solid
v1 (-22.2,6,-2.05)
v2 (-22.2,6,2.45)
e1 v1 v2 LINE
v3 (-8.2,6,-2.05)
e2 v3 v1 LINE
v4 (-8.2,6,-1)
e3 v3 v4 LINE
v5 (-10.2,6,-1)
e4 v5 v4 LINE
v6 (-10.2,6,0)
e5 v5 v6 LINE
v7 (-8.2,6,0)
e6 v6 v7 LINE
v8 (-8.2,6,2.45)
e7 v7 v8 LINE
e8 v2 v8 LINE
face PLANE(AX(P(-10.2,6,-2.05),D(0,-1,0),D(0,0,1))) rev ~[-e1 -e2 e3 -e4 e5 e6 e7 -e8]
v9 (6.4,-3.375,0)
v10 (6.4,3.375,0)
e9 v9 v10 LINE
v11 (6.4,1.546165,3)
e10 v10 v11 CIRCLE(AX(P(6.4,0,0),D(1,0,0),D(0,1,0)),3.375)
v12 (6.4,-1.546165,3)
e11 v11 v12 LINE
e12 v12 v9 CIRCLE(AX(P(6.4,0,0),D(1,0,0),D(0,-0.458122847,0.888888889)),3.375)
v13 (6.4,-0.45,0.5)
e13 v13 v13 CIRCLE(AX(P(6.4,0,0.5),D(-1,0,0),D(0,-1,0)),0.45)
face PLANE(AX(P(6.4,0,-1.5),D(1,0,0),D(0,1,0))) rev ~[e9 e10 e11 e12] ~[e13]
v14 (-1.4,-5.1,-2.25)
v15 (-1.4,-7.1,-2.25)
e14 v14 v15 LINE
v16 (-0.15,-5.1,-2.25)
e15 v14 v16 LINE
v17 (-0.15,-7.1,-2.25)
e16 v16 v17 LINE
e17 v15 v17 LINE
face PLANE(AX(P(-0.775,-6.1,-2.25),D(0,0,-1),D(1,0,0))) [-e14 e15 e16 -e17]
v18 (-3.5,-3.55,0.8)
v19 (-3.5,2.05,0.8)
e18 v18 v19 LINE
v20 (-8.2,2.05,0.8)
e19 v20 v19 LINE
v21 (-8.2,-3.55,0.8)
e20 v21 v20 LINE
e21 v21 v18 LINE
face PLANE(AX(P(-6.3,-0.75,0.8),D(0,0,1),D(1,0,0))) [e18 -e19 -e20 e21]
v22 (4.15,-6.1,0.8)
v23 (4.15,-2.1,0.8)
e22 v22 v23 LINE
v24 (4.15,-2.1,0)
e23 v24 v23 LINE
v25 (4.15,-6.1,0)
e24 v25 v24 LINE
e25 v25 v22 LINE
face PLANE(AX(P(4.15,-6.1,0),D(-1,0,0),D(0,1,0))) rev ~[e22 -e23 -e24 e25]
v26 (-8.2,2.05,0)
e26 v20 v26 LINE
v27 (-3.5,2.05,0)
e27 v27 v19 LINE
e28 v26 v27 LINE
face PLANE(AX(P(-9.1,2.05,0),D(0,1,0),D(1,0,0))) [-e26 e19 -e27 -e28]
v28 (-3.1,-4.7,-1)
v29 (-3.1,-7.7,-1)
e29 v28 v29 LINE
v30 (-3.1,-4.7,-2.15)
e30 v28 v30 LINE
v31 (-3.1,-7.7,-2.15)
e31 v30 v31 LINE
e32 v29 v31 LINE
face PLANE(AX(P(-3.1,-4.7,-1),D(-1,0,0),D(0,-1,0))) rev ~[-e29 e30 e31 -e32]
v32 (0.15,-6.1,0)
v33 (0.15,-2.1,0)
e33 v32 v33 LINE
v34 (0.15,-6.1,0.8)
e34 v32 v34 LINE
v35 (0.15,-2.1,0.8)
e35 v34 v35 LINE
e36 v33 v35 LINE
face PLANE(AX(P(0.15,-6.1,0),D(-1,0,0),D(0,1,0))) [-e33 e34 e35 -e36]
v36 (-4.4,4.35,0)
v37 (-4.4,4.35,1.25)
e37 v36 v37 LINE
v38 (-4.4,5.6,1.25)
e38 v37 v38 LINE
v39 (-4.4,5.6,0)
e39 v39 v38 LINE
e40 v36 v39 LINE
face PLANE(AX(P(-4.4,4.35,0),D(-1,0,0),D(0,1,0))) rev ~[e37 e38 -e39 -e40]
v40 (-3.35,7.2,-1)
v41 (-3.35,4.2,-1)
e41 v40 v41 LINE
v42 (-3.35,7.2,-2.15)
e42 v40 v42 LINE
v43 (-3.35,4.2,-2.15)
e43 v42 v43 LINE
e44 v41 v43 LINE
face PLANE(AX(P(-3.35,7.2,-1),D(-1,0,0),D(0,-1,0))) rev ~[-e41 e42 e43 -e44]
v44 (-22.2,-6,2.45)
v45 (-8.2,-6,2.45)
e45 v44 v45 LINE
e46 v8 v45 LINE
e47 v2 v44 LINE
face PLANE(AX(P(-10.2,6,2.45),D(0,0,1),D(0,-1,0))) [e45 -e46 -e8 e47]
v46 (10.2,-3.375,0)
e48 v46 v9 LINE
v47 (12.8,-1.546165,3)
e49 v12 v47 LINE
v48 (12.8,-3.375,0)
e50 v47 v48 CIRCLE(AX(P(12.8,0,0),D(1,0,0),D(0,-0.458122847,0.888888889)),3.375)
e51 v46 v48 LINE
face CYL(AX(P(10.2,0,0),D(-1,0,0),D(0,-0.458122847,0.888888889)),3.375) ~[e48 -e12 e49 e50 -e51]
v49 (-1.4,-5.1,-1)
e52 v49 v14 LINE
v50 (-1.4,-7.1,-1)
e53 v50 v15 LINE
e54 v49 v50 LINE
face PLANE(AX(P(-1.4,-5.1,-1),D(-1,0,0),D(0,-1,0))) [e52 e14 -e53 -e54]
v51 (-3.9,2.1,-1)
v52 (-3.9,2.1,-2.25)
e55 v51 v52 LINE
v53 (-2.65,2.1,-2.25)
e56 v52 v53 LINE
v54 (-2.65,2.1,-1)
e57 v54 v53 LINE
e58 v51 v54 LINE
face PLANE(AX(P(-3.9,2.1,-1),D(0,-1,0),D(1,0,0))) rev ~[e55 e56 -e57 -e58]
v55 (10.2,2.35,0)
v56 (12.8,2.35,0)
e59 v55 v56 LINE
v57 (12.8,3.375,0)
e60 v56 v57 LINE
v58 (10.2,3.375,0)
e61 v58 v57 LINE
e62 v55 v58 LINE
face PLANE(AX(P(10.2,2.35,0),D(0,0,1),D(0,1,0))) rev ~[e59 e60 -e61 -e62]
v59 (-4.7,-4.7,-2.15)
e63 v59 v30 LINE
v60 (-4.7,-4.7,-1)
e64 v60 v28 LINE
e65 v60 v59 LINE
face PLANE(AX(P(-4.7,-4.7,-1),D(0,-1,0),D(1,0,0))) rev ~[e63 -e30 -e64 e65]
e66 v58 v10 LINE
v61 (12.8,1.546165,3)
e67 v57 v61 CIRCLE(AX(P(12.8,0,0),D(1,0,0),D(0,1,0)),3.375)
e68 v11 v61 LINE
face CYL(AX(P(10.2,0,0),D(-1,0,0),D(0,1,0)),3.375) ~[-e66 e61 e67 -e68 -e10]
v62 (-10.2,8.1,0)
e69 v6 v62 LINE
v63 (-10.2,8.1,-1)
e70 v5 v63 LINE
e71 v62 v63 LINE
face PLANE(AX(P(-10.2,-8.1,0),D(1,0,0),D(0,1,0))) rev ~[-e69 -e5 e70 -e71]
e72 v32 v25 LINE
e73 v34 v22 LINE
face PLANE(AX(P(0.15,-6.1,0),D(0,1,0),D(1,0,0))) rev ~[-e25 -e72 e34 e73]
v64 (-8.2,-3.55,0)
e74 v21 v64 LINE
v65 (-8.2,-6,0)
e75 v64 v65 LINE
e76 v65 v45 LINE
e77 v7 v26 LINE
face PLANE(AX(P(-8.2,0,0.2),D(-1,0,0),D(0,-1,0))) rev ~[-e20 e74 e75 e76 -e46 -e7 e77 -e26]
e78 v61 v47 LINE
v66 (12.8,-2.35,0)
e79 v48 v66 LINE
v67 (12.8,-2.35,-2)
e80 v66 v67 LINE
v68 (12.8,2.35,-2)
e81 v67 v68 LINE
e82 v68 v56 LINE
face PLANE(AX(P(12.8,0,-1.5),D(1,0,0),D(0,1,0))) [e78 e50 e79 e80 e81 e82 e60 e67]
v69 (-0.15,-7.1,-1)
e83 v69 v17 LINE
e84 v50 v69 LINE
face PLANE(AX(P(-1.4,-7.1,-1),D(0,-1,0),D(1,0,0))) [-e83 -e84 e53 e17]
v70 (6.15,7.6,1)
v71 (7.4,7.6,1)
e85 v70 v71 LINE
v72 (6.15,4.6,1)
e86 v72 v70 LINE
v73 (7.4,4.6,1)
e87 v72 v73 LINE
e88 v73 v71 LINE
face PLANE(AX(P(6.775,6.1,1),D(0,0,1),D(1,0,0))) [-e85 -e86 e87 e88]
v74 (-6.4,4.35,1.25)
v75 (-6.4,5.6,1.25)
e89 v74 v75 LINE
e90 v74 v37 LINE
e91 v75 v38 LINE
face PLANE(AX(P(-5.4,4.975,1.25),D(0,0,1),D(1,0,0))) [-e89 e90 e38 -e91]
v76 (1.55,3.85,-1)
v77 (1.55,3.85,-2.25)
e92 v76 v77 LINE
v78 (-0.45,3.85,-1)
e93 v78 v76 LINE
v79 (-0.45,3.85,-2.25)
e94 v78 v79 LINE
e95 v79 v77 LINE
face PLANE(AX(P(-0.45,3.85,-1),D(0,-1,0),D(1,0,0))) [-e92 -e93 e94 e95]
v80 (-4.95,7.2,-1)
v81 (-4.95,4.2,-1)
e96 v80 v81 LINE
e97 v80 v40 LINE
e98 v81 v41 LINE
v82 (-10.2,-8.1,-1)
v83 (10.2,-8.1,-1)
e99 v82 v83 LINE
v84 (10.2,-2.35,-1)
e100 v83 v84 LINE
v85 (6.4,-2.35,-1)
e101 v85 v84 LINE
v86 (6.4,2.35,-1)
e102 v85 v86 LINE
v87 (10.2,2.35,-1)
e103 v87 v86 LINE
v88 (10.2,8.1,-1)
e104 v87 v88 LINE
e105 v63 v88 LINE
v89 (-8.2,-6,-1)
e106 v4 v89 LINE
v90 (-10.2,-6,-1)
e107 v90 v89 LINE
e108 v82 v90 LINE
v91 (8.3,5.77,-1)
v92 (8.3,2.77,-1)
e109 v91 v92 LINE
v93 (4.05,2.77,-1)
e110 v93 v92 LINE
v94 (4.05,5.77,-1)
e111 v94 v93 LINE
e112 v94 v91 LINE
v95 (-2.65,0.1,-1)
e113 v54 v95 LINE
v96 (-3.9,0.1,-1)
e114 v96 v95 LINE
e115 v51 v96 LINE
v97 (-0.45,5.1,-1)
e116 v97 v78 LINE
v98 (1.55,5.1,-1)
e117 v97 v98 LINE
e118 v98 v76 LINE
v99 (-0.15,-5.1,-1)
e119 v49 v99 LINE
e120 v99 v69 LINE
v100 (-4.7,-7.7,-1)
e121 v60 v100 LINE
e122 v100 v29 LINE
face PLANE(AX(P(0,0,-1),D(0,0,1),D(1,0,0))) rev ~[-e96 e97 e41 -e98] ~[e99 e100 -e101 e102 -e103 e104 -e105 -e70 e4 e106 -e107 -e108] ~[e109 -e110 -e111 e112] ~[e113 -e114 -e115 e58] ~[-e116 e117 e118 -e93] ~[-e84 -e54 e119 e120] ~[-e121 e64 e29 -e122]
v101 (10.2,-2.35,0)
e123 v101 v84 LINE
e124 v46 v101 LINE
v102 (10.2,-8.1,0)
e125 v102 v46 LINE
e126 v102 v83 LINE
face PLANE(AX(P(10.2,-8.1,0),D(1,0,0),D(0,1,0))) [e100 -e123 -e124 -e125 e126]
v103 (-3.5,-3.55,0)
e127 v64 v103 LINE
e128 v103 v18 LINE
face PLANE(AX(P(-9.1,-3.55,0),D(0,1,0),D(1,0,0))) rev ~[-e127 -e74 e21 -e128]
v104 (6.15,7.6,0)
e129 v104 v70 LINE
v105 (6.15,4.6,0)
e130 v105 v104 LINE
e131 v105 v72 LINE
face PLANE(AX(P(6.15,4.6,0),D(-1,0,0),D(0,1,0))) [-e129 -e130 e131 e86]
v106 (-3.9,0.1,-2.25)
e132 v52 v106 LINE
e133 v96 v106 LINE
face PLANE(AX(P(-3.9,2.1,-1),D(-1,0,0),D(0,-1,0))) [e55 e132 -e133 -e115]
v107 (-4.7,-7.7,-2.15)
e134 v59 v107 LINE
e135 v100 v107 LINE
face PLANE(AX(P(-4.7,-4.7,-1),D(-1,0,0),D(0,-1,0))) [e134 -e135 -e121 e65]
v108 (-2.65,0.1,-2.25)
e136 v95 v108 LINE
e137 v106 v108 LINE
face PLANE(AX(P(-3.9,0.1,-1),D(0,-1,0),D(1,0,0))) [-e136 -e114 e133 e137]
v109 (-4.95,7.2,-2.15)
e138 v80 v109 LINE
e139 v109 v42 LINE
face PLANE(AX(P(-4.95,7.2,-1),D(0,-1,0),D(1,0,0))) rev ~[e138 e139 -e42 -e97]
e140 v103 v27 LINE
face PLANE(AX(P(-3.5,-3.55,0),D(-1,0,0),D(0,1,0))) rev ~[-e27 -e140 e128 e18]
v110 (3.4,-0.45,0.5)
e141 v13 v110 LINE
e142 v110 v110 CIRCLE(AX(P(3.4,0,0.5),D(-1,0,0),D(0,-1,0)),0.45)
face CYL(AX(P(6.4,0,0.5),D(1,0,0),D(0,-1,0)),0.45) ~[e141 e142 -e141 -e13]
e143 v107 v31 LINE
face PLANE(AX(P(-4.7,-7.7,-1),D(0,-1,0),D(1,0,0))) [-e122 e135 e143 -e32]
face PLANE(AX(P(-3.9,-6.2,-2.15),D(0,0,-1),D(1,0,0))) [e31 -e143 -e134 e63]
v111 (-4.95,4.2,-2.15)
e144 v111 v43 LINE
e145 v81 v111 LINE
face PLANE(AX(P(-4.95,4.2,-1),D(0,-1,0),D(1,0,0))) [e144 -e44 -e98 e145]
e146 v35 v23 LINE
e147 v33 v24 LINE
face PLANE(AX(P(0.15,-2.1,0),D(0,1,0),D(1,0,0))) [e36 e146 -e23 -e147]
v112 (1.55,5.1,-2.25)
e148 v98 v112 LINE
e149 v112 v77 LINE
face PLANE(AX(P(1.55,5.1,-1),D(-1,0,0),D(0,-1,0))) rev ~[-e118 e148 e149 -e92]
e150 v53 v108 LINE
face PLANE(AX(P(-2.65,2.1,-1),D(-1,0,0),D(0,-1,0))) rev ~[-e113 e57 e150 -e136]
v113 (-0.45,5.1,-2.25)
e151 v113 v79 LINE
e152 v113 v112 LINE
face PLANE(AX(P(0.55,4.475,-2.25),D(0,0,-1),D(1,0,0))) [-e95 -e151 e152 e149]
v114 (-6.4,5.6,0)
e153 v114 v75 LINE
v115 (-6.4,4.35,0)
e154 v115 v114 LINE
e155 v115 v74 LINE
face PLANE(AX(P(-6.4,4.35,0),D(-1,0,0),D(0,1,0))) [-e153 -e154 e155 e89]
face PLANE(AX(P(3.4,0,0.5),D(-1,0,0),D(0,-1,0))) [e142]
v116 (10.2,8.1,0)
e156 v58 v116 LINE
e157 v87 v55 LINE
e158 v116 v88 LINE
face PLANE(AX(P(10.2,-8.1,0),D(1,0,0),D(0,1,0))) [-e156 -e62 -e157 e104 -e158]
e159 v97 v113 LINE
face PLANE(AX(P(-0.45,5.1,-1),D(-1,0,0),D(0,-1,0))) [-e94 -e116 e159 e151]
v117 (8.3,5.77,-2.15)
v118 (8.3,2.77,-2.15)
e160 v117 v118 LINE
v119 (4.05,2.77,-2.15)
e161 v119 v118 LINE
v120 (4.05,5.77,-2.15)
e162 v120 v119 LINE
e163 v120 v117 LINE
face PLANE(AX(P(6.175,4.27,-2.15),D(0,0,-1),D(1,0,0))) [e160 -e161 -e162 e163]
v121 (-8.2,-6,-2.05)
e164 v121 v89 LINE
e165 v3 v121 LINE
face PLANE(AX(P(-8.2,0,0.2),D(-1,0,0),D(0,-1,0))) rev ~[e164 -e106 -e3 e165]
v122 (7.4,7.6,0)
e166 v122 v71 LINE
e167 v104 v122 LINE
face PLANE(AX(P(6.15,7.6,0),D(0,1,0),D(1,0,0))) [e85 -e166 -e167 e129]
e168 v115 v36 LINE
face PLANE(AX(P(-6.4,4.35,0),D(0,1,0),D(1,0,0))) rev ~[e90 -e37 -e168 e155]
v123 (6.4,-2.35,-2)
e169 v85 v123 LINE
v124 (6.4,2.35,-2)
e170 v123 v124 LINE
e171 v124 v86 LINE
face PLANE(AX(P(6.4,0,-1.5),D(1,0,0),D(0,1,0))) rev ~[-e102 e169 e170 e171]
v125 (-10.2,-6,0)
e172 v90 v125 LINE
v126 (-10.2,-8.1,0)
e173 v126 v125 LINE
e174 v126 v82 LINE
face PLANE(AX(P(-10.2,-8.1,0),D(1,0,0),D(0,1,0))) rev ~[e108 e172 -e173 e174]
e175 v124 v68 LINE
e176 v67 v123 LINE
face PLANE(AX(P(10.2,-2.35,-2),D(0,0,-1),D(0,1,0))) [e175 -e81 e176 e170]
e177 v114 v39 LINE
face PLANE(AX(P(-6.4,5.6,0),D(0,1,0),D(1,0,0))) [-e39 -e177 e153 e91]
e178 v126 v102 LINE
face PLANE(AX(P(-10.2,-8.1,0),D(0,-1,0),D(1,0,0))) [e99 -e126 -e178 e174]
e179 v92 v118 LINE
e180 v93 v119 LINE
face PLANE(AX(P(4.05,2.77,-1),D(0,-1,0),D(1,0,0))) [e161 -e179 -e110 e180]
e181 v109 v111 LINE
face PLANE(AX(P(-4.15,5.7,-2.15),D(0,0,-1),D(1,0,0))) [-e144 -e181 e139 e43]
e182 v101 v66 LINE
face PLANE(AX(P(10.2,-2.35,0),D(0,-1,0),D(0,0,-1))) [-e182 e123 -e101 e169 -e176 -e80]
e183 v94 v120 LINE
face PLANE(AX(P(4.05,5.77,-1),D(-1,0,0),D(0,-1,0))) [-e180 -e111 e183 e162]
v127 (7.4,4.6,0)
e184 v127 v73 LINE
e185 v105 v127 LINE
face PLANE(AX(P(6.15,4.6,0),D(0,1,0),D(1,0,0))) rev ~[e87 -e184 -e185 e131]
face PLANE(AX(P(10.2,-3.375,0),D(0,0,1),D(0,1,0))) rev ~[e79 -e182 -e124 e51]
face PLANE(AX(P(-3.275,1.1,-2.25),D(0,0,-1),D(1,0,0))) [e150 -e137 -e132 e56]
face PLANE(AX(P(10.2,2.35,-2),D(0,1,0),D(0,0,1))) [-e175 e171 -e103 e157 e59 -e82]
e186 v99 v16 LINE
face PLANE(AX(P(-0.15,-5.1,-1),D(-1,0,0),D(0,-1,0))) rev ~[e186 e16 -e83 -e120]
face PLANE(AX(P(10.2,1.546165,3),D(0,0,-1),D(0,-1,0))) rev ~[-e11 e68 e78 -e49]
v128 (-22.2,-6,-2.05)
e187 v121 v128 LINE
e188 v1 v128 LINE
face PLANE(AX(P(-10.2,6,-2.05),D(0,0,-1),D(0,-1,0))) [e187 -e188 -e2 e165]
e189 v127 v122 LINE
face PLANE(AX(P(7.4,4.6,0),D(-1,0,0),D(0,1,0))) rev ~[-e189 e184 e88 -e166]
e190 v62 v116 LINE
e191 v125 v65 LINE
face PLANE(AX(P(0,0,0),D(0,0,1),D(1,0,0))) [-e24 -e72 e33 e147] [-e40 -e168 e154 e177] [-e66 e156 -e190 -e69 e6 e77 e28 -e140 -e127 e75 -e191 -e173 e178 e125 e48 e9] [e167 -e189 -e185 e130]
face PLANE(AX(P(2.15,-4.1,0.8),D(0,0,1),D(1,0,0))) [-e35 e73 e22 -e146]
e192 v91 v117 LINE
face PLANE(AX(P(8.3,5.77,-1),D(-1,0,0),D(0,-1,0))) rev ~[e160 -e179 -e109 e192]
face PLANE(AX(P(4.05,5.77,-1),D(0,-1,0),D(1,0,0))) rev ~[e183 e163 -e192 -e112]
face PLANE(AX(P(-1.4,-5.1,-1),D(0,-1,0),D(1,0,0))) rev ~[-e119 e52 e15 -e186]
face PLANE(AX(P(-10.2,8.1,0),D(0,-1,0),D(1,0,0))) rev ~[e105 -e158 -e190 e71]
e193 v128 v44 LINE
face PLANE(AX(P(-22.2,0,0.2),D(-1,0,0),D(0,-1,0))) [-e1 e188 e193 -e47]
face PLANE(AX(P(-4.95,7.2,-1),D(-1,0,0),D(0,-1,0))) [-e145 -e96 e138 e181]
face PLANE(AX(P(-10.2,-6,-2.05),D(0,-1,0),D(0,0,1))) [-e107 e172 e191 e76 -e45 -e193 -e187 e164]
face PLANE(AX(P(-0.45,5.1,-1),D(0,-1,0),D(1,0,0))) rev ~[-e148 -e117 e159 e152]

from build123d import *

# Parameters (mm, degrees)
F0_W          = 20.4
F0_H          = 16.2
F1_DEPTH      = 1
F2_W          = 12
F2_H          = 4.5
F3_DEPTH      = 12
F3_DEPTH_BACK = 2
F4_W          = 4.7
F4_H          = 1
F5_DEPTH      = 2.6
F5_DEPTH_BACK = 3.8
F6_R          = 0.45
F7_DEPTH      = 3
F8_W          = 5.6
F8_H          = 5.6
F9_DEPTH      = 0.8
F10_W         = 4
F10_H         = 4
F11_DEPTH     = 0.8
F12_W         = 2
F12_H         = 1.25
F13_DEPTH     = 1.25
F14_W         = 1.25
F14_H         = 3
F15_DEPTH     = 1
F16_W         = 2
F16_H         = 1.25
F16_W_2       = 1.25
F16_H_2       = 2
F17_DEPTH     = 1.25
F18_W         = 1.6
F18_H         = 3
F19_DEPTH     = 1.15
F20_W         = 4.25
F20_H         = 3
F21_DEPTH     = 1.15


with BuildPart() as f1:
    # F0 (on Top) → F1 (new body)
    with BuildSketch(Plane.XY):
        Rectangle(F0_W, F0_H)
    extrude(amount=-F1_DEPTH)

    # F2 (on face) → F3 (join, two sides)
    with BuildSketch(Plane(origin=(-10.2, 0, 0), x_dir=(0, -1, 0), z_dir=(-1, 0, 0))) as f3_sk:
        with Locations((0, 0.2)):
            Rectangle(F2_W, F2_H)
    extrude(amount=F3_DEPTH)
    extrude(f3_sk.sketch, amount=-F3_DEPTH_BACK)

    # F4 (on face) → F5 (join, two sides)
    with BuildSketch(Plane.YZ.offset(10.2)) as f5_sk:
        with Locations((0, -1.5)):
            Rectangle(F4_W, F4_H)
        with Locations((0, -0.5)):
            Rectangle(F4_W, F4_H)
        with BuildLine():
            Line((-3.375, 0), (-2.35, 0))
            Line((-2.35, 0), (2.35, 0))
            Line((2.35, 0), (3.375, 0))
            ThreePointArc((3.375, 0), (2.8817469144, 1.7567469144), (1.5461646096, 3))
            Line((1.5461646096, 3), (-1.5461646096, 3))
            ThreePointArc((-1.5461646096, 3), (-2.8817469144, 1.7567469144), (-3.375, 0))
        make_face()
    extrude(amount=F5_DEPTH)
    extrude(f5_sk.sketch, amount=-F5_DEPTH_BACK)

    # F6 (on face) → F7 (join)
    with BuildSketch(Plane(origin=(6.4, 0, 0), x_dir=(0, -1, 0), z_dir=(-1, 0, 0))):
        with Locations((0, 0.5)):
            Circle(F6_R)
    extrude(amount=F7_DEPTH)

    # F8 (on face) → F9 (join)
    with BuildSketch(Plane.XY):
        with Locations((-6.3, -0.75)):
            Rectangle(F8_W, F8_H)
    extrude(amount=F9_DEPTH)

    # F10 (on face) → F11 (join)
    with BuildSketch(Plane.XY):
        with Locations((2.15, -4.1)):
            Rectangle(F10_W, F10_H)
    extrude(amount=F11_DEPTH)

    # F12 (on face) → F13 (join)
    with BuildSketch(Plane.XY):
        with Locations((-5.4, 4.975)):
            Rectangle(F12_W, F12_H)
    extrude(amount=F13_DEPTH)

    # F14 (on face) → F15 (join)
    with BuildSketch(Plane.XY):
        with Locations((6.775, 6.1)):
            Rectangle(F14_W, F14_H)
    extrude(amount=F15_DEPTH)

    # F16 (on face) → F17 (join)
    with BuildSketch(Plane(origin=(0, 0, -1), x_dir=(1, 0, 0), z_dir=(0, 0, -1))):
        with Locations((0.55, -4.475)):
            Rectangle(F16_W, F16_H)
        with Locations((-3.275, -1.1)):
            Rectangle(F16_W_2, F16_H_2)
        with Locations((-0.775, 6.1)):
            Rectangle(F16_W_2, F16_H_2)
    extrude(amount=F17_DEPTH)

    # F18 (on face) → F19 (join)
    with BuildSketch(Plane(origin=(0, 0, -1), x_dir=(1, 0, 0), z_dir=(0, 0, -1))):
        with Locations((-4.15, -5.7)):
            Rectangle(F18_W, F18_H)
        with Locations((-3.9, 6.2)):
            Rectangle(F18_W, F18_H)
    extrude(amount=F19_DEPTH)

    # F20 (on face) → F21 (join)
    with BuildSketch(Plane(origin=(0, 0, -1), x_dir=(1, 0, 0), z_dir=(0, 0, -1))):
        with Locations((6.175, -4.27)):
            Rectangle(F20_W, F20_H)
    extrude(amount=F21_DEPTH)


solid = f1.part
